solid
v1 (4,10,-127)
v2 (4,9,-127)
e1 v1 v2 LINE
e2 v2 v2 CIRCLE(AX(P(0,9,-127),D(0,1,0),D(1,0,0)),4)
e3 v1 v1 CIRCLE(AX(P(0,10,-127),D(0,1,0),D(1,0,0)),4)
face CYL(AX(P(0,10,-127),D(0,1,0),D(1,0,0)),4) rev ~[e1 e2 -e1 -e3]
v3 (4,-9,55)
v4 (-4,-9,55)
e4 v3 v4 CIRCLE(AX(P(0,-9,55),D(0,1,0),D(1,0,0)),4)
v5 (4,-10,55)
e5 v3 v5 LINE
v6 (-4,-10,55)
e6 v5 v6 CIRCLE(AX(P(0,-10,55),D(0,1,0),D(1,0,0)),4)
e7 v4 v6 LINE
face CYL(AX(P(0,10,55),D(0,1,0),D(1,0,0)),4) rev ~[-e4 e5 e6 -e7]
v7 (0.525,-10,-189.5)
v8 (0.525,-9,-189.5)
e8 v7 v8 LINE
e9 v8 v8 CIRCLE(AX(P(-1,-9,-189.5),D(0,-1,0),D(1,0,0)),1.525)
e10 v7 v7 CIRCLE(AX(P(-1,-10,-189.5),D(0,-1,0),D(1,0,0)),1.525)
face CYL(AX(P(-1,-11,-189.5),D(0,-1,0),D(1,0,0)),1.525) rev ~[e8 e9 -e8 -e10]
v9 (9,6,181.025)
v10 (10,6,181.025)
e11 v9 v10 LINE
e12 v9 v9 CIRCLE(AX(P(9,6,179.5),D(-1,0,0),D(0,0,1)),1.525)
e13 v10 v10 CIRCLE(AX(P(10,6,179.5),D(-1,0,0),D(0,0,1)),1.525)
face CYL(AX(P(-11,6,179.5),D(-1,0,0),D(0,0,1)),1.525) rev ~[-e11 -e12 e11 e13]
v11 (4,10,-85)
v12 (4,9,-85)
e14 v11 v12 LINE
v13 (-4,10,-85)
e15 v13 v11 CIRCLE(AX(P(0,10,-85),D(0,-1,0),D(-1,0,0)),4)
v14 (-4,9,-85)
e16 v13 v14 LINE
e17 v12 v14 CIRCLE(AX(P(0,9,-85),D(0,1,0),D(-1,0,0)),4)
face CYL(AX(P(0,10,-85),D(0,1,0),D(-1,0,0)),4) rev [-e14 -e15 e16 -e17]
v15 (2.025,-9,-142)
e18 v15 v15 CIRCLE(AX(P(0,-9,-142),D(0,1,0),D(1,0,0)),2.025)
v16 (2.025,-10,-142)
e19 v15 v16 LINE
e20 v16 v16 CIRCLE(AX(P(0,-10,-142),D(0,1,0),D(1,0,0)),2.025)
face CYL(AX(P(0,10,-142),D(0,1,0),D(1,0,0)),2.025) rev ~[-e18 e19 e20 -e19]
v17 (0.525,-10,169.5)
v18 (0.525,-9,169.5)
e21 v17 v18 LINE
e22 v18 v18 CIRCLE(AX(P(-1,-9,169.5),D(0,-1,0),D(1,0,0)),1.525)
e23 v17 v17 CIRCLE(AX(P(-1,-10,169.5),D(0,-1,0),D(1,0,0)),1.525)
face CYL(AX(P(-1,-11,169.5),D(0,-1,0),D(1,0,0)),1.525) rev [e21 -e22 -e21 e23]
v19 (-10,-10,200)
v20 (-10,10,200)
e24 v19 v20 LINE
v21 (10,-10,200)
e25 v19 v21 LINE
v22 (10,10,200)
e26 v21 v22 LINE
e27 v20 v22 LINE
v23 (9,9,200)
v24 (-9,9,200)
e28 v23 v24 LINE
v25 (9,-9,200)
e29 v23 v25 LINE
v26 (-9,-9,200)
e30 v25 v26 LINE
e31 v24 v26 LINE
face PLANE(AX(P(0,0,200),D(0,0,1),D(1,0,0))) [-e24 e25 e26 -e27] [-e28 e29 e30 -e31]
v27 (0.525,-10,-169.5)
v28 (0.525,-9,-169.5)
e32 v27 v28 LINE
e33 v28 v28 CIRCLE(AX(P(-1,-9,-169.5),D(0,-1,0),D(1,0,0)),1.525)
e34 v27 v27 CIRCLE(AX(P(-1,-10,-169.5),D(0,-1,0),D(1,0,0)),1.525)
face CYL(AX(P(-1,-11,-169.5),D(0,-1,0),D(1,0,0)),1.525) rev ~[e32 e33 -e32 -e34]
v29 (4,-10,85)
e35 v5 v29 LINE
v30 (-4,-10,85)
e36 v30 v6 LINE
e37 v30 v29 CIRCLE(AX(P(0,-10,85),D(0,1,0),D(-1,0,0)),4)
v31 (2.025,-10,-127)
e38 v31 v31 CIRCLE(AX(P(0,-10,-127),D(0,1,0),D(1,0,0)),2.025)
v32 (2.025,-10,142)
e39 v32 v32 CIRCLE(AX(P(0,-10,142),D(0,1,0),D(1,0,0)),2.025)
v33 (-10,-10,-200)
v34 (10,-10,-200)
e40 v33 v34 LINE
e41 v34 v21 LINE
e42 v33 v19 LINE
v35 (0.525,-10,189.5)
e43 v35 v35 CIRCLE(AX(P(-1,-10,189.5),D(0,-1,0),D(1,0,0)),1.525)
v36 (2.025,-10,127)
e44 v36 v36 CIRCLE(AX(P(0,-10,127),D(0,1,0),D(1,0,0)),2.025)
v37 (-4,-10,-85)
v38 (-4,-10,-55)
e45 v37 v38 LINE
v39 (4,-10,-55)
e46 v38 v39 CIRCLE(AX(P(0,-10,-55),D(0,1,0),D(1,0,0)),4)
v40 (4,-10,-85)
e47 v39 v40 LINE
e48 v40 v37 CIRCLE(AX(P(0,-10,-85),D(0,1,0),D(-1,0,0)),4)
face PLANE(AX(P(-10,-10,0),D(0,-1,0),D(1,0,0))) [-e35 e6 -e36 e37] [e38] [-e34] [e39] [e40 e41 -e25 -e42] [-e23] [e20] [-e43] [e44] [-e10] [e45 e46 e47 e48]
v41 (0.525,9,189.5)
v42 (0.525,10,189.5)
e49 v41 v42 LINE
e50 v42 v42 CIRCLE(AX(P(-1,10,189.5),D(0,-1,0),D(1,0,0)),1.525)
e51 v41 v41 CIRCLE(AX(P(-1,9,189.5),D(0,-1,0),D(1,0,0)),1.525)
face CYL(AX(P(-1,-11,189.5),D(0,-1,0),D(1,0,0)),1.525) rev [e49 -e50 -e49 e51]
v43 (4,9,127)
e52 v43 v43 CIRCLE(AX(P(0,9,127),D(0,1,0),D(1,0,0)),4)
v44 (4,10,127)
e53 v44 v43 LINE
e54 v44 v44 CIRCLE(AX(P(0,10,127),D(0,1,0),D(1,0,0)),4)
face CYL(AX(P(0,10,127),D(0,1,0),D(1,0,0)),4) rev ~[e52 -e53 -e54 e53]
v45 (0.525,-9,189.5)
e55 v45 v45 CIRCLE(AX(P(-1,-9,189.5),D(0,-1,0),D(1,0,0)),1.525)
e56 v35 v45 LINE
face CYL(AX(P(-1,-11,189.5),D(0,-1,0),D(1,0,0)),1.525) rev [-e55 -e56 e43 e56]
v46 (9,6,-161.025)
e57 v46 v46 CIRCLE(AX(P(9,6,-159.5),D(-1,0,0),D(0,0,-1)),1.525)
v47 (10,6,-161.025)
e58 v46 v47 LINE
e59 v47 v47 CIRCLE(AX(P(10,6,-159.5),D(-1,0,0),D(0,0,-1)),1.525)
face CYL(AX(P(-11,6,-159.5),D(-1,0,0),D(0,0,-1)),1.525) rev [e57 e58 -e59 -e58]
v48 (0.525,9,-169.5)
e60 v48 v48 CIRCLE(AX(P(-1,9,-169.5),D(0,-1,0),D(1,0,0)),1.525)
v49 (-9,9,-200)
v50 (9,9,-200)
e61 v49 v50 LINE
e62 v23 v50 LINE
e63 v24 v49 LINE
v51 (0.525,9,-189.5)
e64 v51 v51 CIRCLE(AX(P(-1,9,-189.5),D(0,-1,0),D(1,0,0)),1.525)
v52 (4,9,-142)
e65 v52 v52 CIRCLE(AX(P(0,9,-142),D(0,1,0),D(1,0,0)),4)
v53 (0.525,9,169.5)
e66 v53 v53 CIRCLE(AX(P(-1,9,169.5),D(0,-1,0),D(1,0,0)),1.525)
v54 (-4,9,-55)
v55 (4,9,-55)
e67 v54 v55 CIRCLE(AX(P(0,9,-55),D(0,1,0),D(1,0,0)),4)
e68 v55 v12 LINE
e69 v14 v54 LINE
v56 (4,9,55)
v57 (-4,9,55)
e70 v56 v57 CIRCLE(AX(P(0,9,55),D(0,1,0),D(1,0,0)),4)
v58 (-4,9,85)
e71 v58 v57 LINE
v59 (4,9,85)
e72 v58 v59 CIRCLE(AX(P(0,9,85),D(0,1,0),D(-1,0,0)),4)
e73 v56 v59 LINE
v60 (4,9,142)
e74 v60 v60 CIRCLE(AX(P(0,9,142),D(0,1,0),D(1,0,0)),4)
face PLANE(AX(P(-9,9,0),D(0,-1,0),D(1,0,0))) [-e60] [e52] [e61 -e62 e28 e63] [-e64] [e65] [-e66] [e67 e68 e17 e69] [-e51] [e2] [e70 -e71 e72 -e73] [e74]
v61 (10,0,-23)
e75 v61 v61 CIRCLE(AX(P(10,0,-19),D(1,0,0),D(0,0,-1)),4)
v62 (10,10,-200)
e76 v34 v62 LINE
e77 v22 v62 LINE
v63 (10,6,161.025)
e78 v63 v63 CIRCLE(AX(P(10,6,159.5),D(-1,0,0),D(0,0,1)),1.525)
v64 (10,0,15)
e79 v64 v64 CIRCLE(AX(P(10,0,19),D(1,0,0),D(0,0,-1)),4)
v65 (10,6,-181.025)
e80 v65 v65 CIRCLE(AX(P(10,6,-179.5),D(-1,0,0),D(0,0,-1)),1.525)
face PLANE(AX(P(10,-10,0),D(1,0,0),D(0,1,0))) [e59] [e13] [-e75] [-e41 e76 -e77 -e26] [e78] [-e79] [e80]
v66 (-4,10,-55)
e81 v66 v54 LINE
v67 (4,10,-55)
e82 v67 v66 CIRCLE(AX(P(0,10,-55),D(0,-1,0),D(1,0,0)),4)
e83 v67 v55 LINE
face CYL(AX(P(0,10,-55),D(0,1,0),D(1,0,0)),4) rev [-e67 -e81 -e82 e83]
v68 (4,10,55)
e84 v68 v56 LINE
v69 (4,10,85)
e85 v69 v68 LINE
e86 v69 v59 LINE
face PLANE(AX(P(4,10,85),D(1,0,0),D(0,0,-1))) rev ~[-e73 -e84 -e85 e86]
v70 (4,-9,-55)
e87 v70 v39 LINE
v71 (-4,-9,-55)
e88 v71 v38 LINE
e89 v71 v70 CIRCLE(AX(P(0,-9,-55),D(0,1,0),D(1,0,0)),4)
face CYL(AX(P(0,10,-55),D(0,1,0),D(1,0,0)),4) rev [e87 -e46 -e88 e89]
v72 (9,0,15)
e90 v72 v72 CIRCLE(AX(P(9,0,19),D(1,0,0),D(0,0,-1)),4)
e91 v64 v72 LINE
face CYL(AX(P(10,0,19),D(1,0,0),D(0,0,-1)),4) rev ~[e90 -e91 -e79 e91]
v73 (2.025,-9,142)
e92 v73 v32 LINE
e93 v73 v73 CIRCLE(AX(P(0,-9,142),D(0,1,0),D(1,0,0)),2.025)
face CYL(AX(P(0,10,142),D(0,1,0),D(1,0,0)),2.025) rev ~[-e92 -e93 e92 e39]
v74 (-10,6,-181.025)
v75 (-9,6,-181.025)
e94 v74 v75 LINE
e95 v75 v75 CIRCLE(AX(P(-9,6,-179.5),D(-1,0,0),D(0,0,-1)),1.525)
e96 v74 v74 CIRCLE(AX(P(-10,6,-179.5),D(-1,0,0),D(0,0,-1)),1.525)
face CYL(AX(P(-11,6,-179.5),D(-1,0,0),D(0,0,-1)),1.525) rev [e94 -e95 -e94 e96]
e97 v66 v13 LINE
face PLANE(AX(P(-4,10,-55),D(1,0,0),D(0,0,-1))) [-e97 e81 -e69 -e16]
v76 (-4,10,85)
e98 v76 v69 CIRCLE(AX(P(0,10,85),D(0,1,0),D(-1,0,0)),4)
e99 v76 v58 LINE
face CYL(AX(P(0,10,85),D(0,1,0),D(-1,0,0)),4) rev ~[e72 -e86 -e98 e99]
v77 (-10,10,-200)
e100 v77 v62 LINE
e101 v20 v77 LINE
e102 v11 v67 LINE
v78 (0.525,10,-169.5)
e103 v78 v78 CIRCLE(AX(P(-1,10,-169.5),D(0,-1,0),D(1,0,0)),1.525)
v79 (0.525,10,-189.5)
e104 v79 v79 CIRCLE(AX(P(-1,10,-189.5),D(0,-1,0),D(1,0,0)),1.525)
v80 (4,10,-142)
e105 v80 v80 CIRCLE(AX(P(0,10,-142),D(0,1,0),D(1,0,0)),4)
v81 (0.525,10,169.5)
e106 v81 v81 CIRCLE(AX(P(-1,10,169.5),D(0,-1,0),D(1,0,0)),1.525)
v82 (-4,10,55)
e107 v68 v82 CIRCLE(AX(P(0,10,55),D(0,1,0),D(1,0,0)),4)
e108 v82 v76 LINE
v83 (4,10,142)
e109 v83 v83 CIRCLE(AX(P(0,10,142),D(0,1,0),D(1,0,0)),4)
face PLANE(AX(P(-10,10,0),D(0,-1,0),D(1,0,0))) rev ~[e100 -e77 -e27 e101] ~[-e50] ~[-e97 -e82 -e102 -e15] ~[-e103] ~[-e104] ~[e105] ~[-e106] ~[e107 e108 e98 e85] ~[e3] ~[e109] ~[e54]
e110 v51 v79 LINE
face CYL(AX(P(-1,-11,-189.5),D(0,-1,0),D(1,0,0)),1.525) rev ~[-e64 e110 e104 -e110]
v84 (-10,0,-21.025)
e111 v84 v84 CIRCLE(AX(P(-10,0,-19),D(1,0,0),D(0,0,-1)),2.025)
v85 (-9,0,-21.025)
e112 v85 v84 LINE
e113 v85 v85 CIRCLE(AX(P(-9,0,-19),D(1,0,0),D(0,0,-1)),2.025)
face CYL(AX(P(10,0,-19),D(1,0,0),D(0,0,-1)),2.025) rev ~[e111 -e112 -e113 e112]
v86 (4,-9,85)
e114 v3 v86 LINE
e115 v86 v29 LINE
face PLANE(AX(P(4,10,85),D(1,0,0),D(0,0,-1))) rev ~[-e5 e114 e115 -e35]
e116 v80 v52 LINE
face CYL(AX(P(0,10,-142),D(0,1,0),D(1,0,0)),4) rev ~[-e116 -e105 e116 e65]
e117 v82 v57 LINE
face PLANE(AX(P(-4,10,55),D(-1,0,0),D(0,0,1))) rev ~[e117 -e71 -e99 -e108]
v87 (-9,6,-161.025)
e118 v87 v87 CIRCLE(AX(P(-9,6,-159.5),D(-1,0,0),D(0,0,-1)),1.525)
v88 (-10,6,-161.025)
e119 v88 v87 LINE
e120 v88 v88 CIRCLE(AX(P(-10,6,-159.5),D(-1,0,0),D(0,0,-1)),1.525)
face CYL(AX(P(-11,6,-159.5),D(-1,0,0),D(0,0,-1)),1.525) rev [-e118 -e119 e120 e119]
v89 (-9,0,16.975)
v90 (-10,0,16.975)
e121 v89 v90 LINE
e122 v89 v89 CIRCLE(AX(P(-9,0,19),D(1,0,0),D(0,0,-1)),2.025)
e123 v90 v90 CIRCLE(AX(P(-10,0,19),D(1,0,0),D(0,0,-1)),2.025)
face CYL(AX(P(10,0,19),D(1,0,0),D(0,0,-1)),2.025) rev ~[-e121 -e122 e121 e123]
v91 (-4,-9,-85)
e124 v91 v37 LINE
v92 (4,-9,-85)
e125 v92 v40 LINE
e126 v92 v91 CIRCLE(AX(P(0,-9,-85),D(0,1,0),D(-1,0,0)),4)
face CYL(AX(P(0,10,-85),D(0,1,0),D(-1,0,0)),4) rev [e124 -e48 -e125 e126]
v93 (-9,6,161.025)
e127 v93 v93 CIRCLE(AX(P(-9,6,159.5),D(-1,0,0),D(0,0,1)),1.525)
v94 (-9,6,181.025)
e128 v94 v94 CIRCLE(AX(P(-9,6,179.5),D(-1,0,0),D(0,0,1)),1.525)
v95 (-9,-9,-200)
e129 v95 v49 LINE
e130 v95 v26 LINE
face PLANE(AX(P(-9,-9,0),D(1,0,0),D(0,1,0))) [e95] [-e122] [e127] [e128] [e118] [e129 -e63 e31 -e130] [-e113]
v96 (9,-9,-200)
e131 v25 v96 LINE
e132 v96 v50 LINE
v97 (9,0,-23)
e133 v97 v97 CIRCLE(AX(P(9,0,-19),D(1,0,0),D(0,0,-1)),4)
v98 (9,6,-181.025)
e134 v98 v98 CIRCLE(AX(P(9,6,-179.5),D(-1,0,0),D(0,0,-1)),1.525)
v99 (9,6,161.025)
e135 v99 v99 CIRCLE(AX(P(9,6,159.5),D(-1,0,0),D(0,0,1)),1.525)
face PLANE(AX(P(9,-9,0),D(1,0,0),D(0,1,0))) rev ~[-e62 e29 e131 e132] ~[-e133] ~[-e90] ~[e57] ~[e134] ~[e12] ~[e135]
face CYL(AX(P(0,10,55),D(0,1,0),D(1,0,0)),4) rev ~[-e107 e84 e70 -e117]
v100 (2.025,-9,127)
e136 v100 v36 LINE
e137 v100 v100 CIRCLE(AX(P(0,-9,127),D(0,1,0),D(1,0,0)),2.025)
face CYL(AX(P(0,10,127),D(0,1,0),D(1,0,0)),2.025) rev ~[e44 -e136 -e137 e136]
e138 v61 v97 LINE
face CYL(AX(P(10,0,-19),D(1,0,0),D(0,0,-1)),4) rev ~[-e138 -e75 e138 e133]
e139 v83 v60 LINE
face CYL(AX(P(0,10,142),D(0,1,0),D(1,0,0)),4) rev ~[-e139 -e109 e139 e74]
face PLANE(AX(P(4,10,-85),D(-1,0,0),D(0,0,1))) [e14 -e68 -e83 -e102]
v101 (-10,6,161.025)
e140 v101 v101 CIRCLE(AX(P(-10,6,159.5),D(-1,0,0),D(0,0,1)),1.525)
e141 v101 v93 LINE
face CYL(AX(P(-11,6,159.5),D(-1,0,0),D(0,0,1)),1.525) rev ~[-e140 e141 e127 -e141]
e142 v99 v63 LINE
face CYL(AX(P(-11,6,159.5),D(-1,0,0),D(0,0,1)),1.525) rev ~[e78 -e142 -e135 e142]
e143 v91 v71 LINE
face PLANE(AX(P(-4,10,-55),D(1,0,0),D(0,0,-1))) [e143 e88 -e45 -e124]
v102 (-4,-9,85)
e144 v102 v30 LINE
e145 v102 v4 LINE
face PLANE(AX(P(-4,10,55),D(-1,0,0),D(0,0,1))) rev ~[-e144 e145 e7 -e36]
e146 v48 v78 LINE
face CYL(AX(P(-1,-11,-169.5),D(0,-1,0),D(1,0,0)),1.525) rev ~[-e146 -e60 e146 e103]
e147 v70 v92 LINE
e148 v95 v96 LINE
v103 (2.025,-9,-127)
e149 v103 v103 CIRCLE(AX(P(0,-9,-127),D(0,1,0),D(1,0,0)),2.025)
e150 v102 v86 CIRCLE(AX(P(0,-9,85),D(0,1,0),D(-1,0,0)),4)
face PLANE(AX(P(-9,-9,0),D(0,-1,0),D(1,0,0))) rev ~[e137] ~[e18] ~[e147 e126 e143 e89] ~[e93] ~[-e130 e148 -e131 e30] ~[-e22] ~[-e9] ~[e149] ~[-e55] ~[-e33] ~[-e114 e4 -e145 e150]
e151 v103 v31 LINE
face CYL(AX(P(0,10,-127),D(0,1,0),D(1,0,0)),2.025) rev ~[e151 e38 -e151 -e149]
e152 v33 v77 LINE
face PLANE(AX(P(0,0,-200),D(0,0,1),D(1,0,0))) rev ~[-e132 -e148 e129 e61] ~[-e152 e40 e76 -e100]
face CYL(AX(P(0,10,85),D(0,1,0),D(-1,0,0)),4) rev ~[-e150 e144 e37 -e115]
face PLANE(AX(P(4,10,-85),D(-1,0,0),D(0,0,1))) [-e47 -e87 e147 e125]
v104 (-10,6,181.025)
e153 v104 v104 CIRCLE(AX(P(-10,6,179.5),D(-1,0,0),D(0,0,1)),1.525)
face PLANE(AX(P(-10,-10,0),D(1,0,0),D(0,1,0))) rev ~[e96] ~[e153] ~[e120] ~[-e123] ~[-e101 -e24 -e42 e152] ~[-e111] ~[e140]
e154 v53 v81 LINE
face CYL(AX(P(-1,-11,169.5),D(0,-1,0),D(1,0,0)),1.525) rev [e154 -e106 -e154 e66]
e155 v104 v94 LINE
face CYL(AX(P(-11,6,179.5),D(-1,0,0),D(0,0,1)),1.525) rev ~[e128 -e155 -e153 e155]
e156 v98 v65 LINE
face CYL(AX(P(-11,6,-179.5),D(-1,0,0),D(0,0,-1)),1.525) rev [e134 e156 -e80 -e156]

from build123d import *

# Parameters (mm, degrees)
SKETCH_1_W               = 20
SKETCH_1_H               = 20
EXTRUDE_1_DEPTH          = 200
SKETCH_2_W               = 18
SKETCH_2_H               = 18
CUT_EXTRUDE_1_DEPTH      = 201
CUT_EXTRUDE_1_DEPTH_BACK = 201
CUT_EXTRUDE_START        = -21
SKETCH_3_R               = 1.525
CUT_EXTRUDE_2_DEPTH      = 22
SKETCH_4_R               = 2.025
CUT_EXTRUDE_3_DEPTH      = 21
SKETCH_5_R               = 4
CUT_EXTRUDE_4_DEPTH      = 1
SKETCH_6_R               = 1.525
CUT_EXTRUDE_5_DEPTH      = 22
SKETCH_7_R               = 2.025
CUT_EXTRUDE_6_DEPTH      = 1
CUT_EXTRUDE_6_DEPTH_BACK = 21
SKETCH_8_R               = 4
CUT_EXTRUDE_7_DEPTH      = 3
CUT_EXTRUDE_8_DEPTH      = 1
CUT_EXTRUDE_8_DEPTH_BACK = 21


with BuildPart() as part:
    # 草图1 → 凸台-拉伸1 (new body, symmetric)
    with BuildSketch(Plane.XY):
        Rectangle(SKETCH_1_W, SKETCH_1_H)
    extrude(amount=EXTRUDE_1_DEPTH, both=True)

    # 草图2 → 切除-拉伸1 (cut, two sides)
    with BuildSketch(Plane.XY) as cut_extrude_1_sk:
        Rectangle(SKETCH_2_W, SKETCH_2_H)
    extrude(amount=CUT_EXTRUDE_1_DEPTH, mode=Mode.SUBTRACT)
    extrude(cut_extrude_1_sk.sketch, amount=-CUT_EXTRUDE_1_DEPTH_BACK, mode=Mode.SUBTRACT)

    # 草图3 → 切除-拉伸2 (cut)
    with BuildSketch(Plane(origin=(0, 10, 0), x_dir=(1, 0, 0), z_dir=(0, 1, 0)).offset(CUT_EXTRUDE_START)):
        with Locations((-1, -189.5)):
            Circle(SKETCH_3_R)
        with Locations((-1, -169.5)):
            Circle(SKETCH_3_R)
    cut_extrude_2 = extrude(amount=CUT_EXTRUDE_2_DEPTH, mode=Mode.SUBTRACT)

    # 镜向1: 切除-拉伸2 across plane
    add(cut_extrude_2.mirror(Plane.XY), mode=Mode.SUBTRACT)

    # 草图4 → 切除-拉伸3 (cut, through all)
    with BuildSketch(Plane(origin=(10, 0, 0), x_dir=(0, 0, -1), z_dir=(1, 0, 0))):
        with Locations((-19, 0)):
            Circle(SKETCH_4_R)
        with Locations((19, 0)):
            Circle(SKETCH_4_R)
    extrude(amount=-CUT_EXTRUDE_3_DEPTH, mode=Mode.SUBTRACT)

    # 草图5 → 切除-拉伸4 (cut)
    with BuildSketch(Plane(origin=(10, 0, 0), x_dir=(0, 0, -1), z_dir=(1, 0, 0))):
        with Locations((-19, 0)):
            Circle(SKETCH_5_R)
        with Locations((19, 0)):
            Circle(SKETCH_5_R)
    extrude(amount=-CUT_EXTRUDE_4_DEPTH, mode=Mode.SUBTRACT)

    # 草图6 → 切除-拉伸5 (cut)
    with BuildSketch(Plane(origin=(10, 0, 0), x_dir=(0, 0, -1), z_dir=(1, 0, 0)).offset(CUT_EXTRUDE_START)):
        with Locations((159.5, 6)):
            Circle(SKETCH_6_R)
        with Locations((179.5, 6)):
            Circle(SKETCH_6_R)
    cut_extrude_5 = extrude(amount=CUT_EXTRUDE_5_DEPTH, mode=Mode.SUBTRACT)

    # 草图7 → 切除-拉伸6 (cut, two sides)
    with BuildSketch(Plane(origin=(0, 10, 0), x_dir=(1, 0, 0), z_dir=(0, 1, 0))) as cut_extrude_6_sk:
        with Locations((0, 142)):
            Circle(SKETCH_7_R)
        with Locations((0, 127)):
            Circle(SKETCH_7_R)
        with Locations((0, -127)):
            Circle(SKETCH_7_R)
        with Locations((0, -142)):
            Circle(SKETCH_7_R)
    extrude(amount=CUT_EXTRUDE_6_DEPTH, mode=Mode.SUBTRACT)
    extrude(cut_extrude_6_sk.sketch, amount=-CUT_EXTRUDE_6_DEPTH_BACK, mode=Mode.SUBTRACT)

    # 草图8 → 切除-拉伸7 (cut)
    with BuildSketch(Plane(origin=(0, 10, 0), x_dir=(1, 0, 0), z_dir=(0, 1, 0))):
        with Locations((0, 142)):
            Circle(SKETCH_8_R)
        with Locations((0, 127)):
            Circle(SKETCH_8_R)
        with Locations((0, -127)):
            Circle(SKETCH_8_R)
        with Locations((0, -142)):
            Circle(SKETCH_8_R)
    extrude(amount=-CUT_EXTRUDE_7_DEPTH, mode=Mode.SUBTRACT)

    # 镜向2: 切除-拉伸5 across plane
    add(cut_extrude_5.mirror(Plane.XY), mode=Mode.SUBTRACT)

    # 草图9 → 切除-拉伸8 (cut, two sides)
    with BuildSketch(Plane(origin=(0, 10, 0), x_dir=(1, 0, 0), z_dir=(0, 1, 0))) as cut_extrude_8_sk:
        with BuildLine():
            Line((4, 85), (4, 55))
            ThreePointArc((4, 55), (0, 51), (-4, 55))
            Line((-4, 55), (-4, 85))
            ThreePointArc((-4, 85), (0, 89), (4, 85))
        make_face()
        with BuildLine():
            Line((4, -85), (4, -55))
            ThreePointArc((4, -55), (0, -51), (-4, -55))
            Line((-4, -55), (-4, -85))
            ThreePointArc((-4, -85), (0, -89), (4, -85))
        make_face()
    extrude(amount=CUT_EXTRUDE_8_DEPTH, mode=Mode.SUBTRACT)
    extrude(cut_extrude_8_sk.sketch, amount=-CUT_EXTRUDE_8_DEPTH_BACK, mode=Mode.SUBTRACT)


solid = part.part
